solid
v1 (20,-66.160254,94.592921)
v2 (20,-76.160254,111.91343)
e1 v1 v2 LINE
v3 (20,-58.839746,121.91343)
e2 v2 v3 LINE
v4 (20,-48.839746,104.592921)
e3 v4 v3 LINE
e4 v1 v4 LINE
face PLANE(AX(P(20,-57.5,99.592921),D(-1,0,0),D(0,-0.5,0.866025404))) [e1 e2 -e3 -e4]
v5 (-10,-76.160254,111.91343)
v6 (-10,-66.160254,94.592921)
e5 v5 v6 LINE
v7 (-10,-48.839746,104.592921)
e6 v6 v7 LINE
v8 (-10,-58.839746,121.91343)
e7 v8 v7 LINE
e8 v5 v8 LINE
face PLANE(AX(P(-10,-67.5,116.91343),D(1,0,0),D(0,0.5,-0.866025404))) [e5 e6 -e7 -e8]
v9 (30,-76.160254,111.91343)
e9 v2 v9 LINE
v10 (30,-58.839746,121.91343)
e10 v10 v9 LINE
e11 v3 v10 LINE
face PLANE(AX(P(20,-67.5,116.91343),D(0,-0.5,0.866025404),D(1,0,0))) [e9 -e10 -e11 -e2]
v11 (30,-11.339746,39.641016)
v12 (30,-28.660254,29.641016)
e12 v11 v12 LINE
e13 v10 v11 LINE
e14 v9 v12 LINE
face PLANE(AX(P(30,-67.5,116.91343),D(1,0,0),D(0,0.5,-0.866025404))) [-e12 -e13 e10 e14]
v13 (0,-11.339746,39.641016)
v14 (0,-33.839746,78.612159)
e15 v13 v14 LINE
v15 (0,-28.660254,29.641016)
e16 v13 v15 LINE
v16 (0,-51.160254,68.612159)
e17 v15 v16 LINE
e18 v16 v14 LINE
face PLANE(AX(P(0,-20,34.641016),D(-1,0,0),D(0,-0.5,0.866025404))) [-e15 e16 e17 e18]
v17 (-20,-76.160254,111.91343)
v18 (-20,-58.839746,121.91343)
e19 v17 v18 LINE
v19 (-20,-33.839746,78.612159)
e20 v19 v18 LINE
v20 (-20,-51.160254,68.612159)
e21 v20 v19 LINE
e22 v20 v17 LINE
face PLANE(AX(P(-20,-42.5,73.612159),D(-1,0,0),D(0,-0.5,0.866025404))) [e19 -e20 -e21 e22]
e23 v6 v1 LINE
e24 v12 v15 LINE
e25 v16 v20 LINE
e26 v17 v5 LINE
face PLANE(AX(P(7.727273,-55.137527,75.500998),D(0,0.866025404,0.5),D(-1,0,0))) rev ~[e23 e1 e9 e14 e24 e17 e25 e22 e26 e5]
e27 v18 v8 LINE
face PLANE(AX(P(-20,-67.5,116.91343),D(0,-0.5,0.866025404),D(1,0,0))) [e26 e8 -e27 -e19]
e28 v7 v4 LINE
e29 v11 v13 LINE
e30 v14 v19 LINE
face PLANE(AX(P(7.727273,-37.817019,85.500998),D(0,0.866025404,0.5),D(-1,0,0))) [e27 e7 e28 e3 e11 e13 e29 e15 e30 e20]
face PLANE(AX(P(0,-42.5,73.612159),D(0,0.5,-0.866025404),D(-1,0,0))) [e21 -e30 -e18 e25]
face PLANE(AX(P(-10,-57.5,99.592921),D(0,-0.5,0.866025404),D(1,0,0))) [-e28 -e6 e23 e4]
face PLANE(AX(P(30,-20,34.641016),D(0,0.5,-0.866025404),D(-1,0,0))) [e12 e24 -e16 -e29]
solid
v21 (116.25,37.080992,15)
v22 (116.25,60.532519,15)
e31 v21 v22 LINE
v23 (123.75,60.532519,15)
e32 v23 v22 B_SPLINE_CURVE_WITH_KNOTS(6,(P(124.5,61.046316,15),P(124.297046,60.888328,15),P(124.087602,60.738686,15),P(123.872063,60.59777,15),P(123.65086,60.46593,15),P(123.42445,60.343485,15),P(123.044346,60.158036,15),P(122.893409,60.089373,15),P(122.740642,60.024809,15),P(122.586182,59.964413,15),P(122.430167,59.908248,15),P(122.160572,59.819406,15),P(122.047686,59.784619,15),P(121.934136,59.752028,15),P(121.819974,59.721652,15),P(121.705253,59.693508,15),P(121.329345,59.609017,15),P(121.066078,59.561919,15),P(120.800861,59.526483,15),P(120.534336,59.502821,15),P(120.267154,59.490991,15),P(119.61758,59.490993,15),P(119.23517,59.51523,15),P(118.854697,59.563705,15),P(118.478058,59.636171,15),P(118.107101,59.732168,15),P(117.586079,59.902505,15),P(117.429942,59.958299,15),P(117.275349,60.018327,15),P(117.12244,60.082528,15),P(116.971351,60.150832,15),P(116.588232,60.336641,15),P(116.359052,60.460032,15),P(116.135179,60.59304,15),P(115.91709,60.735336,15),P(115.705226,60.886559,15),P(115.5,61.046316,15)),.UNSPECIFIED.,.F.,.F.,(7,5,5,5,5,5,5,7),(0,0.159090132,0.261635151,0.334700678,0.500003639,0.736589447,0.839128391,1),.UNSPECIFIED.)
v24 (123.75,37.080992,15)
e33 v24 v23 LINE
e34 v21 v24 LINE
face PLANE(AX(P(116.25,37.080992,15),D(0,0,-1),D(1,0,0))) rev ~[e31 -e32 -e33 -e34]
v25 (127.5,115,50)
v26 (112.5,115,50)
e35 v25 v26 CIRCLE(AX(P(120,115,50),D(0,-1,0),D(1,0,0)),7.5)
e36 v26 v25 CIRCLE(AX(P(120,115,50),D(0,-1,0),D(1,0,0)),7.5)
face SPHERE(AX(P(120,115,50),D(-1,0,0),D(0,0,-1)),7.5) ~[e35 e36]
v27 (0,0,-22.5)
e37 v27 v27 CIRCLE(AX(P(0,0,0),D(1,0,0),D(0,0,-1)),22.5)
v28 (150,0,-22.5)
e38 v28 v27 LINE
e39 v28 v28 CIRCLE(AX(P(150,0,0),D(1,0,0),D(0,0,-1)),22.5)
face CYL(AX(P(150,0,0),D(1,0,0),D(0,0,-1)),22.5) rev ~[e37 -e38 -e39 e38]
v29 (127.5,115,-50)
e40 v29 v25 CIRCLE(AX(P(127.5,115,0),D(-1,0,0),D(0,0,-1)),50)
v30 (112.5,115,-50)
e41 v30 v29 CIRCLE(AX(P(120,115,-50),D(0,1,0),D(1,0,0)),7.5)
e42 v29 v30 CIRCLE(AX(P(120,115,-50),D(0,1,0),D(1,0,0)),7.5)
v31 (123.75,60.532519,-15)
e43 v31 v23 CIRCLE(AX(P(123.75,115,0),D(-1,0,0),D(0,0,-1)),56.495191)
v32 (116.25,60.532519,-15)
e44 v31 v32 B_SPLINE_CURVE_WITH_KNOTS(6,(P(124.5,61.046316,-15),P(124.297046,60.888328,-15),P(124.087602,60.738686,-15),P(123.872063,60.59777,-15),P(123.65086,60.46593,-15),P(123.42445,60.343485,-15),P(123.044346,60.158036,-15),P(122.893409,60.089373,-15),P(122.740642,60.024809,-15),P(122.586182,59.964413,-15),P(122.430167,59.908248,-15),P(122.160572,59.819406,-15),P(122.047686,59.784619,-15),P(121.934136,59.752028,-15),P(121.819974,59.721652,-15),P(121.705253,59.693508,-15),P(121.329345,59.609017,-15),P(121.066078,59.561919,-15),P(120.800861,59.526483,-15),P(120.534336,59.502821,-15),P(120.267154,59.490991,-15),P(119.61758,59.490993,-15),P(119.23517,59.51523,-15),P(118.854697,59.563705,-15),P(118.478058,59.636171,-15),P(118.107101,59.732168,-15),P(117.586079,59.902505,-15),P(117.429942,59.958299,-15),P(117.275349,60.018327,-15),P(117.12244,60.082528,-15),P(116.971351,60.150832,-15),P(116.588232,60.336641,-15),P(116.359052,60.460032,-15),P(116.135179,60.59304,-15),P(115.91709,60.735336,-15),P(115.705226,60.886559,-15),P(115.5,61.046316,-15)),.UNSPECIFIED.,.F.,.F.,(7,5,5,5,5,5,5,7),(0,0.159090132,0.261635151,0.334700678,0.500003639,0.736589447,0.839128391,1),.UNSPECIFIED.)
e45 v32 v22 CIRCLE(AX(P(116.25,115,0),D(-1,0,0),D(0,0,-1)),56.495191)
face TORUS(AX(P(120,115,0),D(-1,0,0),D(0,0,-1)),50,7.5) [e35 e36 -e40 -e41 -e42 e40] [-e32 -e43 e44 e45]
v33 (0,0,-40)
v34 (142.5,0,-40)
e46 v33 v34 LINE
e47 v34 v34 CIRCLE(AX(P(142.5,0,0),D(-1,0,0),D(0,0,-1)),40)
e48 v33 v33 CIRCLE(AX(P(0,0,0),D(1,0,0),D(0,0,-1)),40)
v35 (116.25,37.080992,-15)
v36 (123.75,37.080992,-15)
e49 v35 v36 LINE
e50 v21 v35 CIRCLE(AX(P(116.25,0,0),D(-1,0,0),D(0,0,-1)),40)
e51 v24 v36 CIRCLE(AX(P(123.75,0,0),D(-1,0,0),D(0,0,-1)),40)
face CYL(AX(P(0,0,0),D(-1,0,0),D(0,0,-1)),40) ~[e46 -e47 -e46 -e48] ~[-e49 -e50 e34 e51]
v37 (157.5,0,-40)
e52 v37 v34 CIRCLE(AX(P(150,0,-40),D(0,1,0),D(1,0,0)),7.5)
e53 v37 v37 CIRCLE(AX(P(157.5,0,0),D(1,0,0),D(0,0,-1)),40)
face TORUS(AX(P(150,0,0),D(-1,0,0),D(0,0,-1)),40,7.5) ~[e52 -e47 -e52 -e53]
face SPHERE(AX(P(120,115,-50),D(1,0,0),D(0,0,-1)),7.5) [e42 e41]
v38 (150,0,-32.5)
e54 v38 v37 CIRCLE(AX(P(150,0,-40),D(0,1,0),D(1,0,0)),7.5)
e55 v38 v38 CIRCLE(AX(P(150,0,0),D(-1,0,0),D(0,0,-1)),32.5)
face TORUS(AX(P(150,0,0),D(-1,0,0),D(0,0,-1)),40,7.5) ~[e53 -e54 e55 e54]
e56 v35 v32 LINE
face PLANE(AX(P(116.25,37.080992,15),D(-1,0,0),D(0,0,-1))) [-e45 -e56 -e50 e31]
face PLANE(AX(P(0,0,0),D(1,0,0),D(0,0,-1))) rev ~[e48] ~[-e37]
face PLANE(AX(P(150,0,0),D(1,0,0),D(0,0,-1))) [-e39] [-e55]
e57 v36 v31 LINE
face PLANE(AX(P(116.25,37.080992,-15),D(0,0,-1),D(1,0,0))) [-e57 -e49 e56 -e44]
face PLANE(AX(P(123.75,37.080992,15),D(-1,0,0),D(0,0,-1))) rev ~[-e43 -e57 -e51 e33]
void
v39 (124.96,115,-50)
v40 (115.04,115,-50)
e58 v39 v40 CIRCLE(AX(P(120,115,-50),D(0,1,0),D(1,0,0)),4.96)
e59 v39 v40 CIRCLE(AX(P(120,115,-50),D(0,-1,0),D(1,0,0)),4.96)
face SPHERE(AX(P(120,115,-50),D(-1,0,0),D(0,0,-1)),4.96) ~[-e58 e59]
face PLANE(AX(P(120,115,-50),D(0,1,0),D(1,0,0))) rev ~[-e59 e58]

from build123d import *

# Parameters (mm, degrees)
SKETCH2_R           = 40
BOSS_EXTRUDE1_DEPTH = 150
CUT_EXTRUDE1_REACH  = 152
SKETCH3_R           = 22.5
SKETCH4_R           = 7.5
SKETCH10_R          = 7.5
REVOLVE4_ANGLE      = 180
REVOLVE_THIN1_ANGLE = 180
REVOLVE5_ANGLE      = 180
BOSS_EXTRUDE2_START = 37.080992
SKETCH14_W          = 7.5
SKETCH14_H          = 30
BOSS_EXTRUDE2_DEPTH = 23.451527
BOSS_EXTRUDE3_DEPTH = 10


with BuildPart() as part:
    # Sketch2 → Boss-Extrude1 (new body)
    with BuildSketch(Plane(origin=(0, 0, 0), x_dir=(0, 0, -1), z_dir=(1, 0, 0))):
        Circle(SKETCH2_R)
    extrude(amount=BOSS_EXTRUDE1_DEPTH)

    # Sketch3 → Cut-Extrude1 (cut, up to next)
    with BuildSketch(Plane(origin=(150, 0, 0), x_dir=(0, 0, -1), z_dir=(1, 0, 0)), mode=Mode.PRIVATE) as cut_extrude1_sk1:
        Circle(SKETCH3_R)
    cut_extrude1_tool1 = extrude(cut_extrude1_sk1.sketch, amount=-CUT_EXTRUDE1_REACH, mode=Mode.PRIVATE) & part.part
    add(cut_extrude1_tool1.solids().sort_by_distance((150, 0, 0))[0], mode=Mode.SUBTRACT)

    # Sketch4 → Revolve1 (revolve)
    with BuildSketch(Plane(origin=(0, 0, 0), x_dir=(1, 0, 0), z_dir=(0, 1, 0))):
        with Locations((150, 40)):
            Circle(SKETCH4_R)
    revolve(axis=Axis((-12.406520542, 0, 0), (1, 0, 0)))



with BuildPart() as body_2:
    # Sketch10 → Revolve4 (revolve)
    with BuildSketch(Plane(origin=(0, 115, 0), x_dir=(1, 0, 0), z_dir=(0, 1, 0))):
        with Locations((120, 50)):
            Circle(SKETCH10_R)
    revolve(axis=Axis((-32.41140005, 115, 0), (-1, 0, 0)), revolution_arc=REVOLVE4_ANGLE)

    # Sketch12 → Revolve-Thin1 (revolve)
    with BuildSketch(Plane(origin=(0, 115, 0), x_dir=(1, 0, 0), z_dir=(0, 1, 0))):
        with BuildLine():
            ThreePointArc((112.5, 50), (120, 57.5), (127.5, 50))
            Line((127.5, 50), (124.96, 50))
            ThreePointArc((124.96, 50), (120, 54.96), (115.04, 50))
            Line((115.04, 50), (112.5, 50))
        make_face()
    revolve(axis=Axis((112.5, 115, -50), (1, 0, 0)), revolution_arc=REVOLVE_THIN1_ANGLE)

    # Sketch13 → Revolve5 (revolve)
    with BuildSketch(Plane(origin=(0, 115, 0), x_dir=(1, 0, 0), z_dir=(0, 1, 0))):
        with BuildLine():
            Line((112.5, -50), (127.5, -50))
            ThreePointArc((127.5, -50), (120, -42.5), (112.5, -50))
        make_face()
    revolve(axis=Axis((112.5, 115, 50), (1, 0, 0)), revolution_arc=REVOLVE5_ANGLE)


with BuildPart() as part_1:
    add(part.part)

    add(body_2.part)  # Boss-Extrude2 merges body 2
    # Sketch14 → Boss-Extrude2 (add)
    with BuildSketch(Plane(origin=(0, 0, 0), x_dir=(1, 0, 0), z_dir=(0, 1, 0)).offset(BOSS_EXTRUDE2_START)):
        with Locations((120, 0)):
            Rectangle(SKETCH14_W, SKETCH14_H)
    extrude(amount=BOSS_EXTRUDE2_DEPTH)


with BuildPart() as body_2_2:
    # Sketch15 → Boss-Extrude3 (new body, symmetric)
    with BuildSketch(Plane(origin=(0, 0, 0), x_dir=(-1, 0, 0), z_dir=(0, 0.866025404, 0.5))):
        Polygon((0, 40), (0, 85), (20, 85), (20, 135), (10, 135), (10, 115), (-20, 115), (-20, 135), (-30, 135), (-30, 40), align=None)
    extrude(amount=BOSS_EXTRUDE3_DEPTH, both=True)


solid = Compound([part_1.part, body_2_2.part])
